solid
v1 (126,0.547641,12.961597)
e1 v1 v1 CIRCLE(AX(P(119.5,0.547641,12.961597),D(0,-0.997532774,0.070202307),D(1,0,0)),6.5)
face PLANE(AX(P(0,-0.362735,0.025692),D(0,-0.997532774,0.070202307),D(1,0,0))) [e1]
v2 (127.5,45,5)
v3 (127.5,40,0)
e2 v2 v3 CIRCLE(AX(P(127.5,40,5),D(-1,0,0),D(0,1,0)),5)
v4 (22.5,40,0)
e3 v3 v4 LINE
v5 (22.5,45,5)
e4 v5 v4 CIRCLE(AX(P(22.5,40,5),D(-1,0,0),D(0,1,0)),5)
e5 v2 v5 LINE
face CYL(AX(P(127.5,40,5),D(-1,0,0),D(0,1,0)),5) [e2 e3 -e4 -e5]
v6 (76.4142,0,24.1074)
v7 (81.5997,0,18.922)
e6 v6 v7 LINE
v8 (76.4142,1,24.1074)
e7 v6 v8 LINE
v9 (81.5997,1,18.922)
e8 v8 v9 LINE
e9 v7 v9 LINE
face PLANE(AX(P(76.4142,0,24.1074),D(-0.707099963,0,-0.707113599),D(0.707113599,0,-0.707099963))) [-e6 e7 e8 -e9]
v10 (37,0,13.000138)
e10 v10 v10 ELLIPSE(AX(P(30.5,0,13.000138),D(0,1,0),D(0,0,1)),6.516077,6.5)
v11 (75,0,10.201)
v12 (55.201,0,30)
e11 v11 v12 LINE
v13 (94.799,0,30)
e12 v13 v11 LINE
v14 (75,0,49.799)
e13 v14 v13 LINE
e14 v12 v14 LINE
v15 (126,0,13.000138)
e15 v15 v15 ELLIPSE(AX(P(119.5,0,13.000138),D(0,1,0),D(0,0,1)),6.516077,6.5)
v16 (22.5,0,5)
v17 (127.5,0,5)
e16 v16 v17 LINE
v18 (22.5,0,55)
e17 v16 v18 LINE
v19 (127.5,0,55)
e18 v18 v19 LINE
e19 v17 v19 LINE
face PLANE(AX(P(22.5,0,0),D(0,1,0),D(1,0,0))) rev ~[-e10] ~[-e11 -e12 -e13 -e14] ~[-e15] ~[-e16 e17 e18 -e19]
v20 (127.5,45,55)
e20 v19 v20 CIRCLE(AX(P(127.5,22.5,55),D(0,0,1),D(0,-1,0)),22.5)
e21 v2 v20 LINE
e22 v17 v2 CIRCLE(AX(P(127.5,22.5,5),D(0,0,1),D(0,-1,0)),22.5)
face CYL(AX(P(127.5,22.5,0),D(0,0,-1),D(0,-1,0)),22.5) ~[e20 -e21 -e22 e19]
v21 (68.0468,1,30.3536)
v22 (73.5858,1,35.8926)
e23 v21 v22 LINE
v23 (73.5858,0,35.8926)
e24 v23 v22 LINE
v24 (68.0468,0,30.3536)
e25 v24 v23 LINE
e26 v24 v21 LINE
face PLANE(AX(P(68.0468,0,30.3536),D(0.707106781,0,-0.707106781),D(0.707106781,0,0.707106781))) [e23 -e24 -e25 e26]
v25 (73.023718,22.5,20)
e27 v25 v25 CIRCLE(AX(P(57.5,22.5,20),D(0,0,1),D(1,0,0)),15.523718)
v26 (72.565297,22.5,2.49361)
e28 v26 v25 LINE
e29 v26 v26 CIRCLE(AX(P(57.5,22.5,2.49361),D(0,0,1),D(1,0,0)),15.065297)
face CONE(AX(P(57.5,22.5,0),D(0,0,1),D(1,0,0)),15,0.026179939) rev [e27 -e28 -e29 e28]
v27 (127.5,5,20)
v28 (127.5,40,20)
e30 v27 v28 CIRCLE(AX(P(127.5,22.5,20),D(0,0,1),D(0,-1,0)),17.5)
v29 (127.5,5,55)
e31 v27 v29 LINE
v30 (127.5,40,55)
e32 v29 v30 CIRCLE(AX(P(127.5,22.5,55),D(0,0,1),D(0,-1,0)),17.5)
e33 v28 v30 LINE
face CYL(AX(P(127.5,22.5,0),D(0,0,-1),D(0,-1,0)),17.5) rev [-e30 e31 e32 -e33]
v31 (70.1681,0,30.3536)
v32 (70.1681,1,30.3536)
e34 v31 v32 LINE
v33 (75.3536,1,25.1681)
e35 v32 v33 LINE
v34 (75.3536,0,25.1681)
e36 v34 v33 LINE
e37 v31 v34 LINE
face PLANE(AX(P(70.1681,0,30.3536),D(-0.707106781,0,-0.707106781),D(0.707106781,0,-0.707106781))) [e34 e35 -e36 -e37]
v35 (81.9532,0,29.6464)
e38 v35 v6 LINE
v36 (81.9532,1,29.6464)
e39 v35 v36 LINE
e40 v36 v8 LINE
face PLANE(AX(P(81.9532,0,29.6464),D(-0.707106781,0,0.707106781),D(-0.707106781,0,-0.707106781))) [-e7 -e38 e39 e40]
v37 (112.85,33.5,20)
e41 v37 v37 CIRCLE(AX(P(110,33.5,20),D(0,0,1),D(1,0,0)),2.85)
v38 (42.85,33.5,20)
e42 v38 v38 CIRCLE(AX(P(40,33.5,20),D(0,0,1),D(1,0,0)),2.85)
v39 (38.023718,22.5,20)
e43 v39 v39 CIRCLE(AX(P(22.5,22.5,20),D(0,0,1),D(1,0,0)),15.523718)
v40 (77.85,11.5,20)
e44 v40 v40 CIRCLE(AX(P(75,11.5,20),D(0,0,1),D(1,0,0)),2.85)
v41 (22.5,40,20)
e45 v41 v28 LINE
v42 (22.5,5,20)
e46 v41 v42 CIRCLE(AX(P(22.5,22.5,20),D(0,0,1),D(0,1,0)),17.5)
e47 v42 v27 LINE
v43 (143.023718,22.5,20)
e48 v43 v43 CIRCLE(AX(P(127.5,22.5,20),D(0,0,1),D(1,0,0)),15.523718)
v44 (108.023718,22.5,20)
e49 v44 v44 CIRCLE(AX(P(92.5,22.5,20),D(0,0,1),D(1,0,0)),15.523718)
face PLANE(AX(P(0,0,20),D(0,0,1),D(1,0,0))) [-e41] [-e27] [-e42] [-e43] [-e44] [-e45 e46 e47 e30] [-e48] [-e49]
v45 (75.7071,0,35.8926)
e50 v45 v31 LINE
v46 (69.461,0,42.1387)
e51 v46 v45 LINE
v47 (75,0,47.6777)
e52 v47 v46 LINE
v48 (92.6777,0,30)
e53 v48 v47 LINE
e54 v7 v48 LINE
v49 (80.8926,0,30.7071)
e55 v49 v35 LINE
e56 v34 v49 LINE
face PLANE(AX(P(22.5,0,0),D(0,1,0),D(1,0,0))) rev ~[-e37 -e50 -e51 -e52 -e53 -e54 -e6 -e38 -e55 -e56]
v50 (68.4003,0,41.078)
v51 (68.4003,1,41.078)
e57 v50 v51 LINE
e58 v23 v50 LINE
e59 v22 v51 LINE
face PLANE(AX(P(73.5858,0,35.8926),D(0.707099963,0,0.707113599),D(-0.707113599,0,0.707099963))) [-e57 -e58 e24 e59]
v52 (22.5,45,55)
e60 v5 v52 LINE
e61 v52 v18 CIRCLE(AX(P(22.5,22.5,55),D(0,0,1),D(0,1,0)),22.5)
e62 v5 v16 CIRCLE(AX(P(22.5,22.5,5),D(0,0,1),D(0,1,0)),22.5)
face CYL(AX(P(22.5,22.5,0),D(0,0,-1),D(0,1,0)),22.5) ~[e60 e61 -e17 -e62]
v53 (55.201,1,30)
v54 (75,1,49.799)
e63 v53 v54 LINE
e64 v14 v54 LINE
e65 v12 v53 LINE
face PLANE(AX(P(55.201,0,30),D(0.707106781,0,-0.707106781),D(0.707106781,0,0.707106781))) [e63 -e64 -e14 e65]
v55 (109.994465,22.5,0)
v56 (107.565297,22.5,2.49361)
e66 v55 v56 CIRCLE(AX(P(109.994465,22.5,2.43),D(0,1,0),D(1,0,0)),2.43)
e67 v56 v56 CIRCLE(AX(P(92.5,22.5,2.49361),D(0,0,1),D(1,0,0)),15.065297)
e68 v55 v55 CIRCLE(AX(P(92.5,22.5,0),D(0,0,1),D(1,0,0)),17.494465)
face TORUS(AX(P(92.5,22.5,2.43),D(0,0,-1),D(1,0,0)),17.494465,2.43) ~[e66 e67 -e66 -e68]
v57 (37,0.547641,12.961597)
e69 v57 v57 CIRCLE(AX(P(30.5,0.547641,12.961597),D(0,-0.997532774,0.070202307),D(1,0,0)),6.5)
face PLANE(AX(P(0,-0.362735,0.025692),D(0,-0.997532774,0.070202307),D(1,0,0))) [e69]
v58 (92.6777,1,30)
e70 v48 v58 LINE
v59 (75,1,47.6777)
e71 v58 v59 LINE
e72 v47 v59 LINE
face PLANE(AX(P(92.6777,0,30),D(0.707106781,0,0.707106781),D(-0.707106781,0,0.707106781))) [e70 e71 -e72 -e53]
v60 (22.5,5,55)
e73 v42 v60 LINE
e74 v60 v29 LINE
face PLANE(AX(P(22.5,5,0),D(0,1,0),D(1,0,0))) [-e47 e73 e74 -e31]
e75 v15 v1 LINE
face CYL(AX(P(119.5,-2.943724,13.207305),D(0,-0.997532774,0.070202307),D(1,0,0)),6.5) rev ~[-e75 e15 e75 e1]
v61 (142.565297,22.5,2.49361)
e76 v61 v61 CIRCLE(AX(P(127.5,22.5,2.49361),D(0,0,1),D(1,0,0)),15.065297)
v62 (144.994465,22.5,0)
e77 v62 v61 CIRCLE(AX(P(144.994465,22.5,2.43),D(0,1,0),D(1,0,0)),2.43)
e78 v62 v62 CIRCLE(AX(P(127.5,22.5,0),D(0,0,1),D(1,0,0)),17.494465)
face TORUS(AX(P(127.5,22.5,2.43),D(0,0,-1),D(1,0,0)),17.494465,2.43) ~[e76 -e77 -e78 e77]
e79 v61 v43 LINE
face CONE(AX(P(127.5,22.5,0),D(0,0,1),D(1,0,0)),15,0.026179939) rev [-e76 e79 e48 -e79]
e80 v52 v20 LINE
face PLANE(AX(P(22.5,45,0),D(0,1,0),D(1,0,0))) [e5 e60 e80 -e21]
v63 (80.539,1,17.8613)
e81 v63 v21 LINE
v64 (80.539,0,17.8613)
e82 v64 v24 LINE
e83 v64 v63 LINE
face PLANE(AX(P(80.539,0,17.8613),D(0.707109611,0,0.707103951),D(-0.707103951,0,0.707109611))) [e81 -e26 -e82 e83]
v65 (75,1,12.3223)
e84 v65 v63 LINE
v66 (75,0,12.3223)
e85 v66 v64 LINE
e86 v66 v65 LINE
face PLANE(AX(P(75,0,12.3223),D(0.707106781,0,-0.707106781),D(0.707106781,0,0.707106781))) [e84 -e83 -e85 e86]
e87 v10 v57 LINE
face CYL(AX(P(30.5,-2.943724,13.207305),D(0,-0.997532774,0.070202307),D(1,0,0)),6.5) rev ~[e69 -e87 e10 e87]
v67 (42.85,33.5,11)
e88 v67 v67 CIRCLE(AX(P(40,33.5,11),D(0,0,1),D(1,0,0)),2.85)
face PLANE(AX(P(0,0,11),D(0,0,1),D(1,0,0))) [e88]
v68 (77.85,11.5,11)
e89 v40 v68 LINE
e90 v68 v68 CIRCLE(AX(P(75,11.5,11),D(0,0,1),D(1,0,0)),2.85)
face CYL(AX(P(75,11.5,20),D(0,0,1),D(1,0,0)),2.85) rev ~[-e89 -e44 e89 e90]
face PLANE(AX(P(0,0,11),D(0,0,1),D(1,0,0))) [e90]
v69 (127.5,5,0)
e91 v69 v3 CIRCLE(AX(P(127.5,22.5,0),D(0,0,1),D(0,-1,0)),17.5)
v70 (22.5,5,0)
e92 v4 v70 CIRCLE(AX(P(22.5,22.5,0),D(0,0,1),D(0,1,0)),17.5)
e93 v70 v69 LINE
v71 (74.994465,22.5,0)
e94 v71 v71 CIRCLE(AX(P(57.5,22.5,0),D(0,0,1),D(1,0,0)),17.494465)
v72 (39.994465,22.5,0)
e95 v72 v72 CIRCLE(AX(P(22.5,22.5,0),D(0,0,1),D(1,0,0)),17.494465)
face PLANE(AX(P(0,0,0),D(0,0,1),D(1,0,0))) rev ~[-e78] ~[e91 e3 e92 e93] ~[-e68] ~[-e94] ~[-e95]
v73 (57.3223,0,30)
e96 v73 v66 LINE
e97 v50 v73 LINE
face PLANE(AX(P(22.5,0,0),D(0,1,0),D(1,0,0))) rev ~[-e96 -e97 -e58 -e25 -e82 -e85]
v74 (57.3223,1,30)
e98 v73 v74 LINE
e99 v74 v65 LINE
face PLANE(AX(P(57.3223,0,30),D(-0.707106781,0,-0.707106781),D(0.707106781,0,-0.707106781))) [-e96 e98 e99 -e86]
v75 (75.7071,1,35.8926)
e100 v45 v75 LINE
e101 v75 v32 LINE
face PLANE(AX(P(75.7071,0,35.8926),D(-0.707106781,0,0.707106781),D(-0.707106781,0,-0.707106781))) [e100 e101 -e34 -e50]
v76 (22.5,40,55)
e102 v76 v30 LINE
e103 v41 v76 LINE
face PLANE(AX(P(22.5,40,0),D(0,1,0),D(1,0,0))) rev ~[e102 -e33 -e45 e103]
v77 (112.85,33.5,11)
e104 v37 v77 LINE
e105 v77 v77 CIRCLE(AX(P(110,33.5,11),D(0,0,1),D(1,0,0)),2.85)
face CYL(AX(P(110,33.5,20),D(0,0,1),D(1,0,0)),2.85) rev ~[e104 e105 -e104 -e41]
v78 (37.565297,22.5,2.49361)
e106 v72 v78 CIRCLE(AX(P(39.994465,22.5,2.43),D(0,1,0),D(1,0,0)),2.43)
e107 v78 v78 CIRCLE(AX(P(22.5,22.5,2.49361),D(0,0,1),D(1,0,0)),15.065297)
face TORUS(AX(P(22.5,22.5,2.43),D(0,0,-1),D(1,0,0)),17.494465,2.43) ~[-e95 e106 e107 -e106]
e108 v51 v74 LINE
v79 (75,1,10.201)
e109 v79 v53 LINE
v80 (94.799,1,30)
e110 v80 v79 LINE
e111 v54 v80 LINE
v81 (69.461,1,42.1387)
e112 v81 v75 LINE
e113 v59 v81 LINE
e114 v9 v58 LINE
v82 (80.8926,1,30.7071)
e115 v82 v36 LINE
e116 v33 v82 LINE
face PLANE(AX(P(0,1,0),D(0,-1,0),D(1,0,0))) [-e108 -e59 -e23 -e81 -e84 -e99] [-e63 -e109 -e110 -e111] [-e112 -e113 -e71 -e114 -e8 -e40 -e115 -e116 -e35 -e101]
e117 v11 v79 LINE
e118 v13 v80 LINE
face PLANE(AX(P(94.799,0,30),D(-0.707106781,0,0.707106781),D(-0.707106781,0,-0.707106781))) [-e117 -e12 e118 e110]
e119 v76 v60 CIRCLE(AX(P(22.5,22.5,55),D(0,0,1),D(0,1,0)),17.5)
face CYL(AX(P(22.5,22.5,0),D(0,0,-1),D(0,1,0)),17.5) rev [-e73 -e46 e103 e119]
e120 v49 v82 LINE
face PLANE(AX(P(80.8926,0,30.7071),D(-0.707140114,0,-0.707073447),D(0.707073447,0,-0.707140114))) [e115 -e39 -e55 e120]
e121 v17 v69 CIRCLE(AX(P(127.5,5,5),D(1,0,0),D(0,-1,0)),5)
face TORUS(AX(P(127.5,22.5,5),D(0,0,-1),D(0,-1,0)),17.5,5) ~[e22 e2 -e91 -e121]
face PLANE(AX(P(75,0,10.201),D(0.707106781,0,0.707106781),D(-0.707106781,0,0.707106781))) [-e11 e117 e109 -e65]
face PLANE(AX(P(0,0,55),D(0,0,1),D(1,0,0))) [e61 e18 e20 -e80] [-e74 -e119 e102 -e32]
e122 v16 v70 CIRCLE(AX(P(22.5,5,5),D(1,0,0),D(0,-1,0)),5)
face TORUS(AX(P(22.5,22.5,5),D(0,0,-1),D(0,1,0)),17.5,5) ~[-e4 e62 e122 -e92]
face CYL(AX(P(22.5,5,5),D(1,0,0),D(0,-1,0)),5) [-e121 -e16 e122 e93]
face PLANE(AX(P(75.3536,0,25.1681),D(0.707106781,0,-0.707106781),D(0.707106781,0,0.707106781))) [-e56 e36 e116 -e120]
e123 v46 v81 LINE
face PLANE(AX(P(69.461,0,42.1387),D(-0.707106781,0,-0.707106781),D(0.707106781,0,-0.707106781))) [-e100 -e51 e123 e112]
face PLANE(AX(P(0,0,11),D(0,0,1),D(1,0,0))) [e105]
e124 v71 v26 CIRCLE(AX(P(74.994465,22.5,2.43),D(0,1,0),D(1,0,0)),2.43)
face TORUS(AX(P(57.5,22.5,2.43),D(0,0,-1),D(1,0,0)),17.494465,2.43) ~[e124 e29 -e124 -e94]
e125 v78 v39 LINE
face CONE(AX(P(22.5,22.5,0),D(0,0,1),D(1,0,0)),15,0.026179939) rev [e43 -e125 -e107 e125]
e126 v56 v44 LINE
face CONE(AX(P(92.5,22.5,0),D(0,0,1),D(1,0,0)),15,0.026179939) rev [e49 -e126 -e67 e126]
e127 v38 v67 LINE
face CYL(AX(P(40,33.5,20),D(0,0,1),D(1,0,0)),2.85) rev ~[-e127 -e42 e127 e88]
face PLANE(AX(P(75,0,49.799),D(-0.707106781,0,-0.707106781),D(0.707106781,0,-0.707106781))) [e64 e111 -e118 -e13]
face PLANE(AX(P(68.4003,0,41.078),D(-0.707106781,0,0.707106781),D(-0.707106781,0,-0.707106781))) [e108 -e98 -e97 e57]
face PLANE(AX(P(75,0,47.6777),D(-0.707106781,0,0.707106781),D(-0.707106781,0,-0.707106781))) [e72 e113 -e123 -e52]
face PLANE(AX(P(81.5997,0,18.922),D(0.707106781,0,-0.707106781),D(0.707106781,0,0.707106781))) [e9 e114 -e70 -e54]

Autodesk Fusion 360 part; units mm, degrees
sketch "Geometry" plane through (0, 0, 0) normal (0, 0, 1) x (1, 0, 0)
  arc A0 (22.5, 45) -> (22.5, 0) centre (22.5, 22.5) ccw
  arc A1 (127.5, 0) -> (127.5, 45) centre (127.5, 22.5) ccw
  line L0 (22.5, 45) -> (127.5, 45)
  line L1 (22.5, 0) -> (127.5, 0)
  arc A2 (127.5, 5) -> (127.5, 40) centre (127.5, 22.5) ccw
  line L2 (22.5, 40) -> (127.5, 40)
  arc A3 (22.5, 40) -> (22.5, 5) centre (22.5, 22.5) ccw
  line L3 (22.5, 5) -> (127.5, 5)
  circle A4 centre (22.5, 22.5) radius 15
  circle A5 centre (127.5, 22.5) radius 15
  circle A6 centre (57.5, 22.5) radius 15
  circle A7 centre (92.5, 22.5) radius 15
  circle A8 centre (75, 11.5) radius 2.85
  circle A9 centre (40, 33.5) radius 2.85
  circle A10 centre (110, 33.5) radius 2.85
  point P0 (0, 22.5)
  dimension "d19" = 105
  dimension "d21" = 30
  dimension "d22" = 30
  dimension "d23" = 30
  dimension "d24" = 35
  dimension "d25" = 30
  dimension "d26" = 35
  dimension "d27" = 11
  dimension "d28" = 11
  dimension "d29" = 5.7
  dimension "d30" = 5.7
  dimension "d31" = 5.7
  dimension "d32" = 11
  dimension "d33" = 17.5
  dimension "d34" = 17.5
  dimension "d35" = 17.5
  dimension "d44" = 35
  dimension "d45" = 5
extrude "Paroi Boite" add sketch "Geometry" along normal blind 55 contours A0 A1 L0 L1
extrude "Percage Nixies" add sketch "Geometry" along normal blind 20 contours A2 L2 A3 L3 | A4 | A5 | A6 | A7 | A8 | A9 | A10
extrude "Inserts" cut sketch "Geometry" against normal blind 9 from surface at 20 contours A8 | A9 | A10
extrude "Extrude7" cut sketch "Geometry" along normal up to surface (20 mm away) draft 1.5 contours A4 | A5 | A6 | A7
ref_plane "WorkPlane1" through (0, 22.5, 0) normal (0, 1, 0) x (0, 0, 1)
ref_plane "WorkPlane2" through (40, 0, 0) normal (1, 0, 0) x (0, 1, 0)
fillet "Fillet1" radius 5 4 edges at (150, 22.5, 0) (75, 45, 0) (0, 22.5, 0) (75, 0, 0)
fillet "Fillet1" radius 2.43 4 edges at (8.5151, 17.0758, 0) (43.5151, 17.0758, 0) (78.5151, 17.0758, 0) (113.5151, 17.0758, 0)
sketch "Bottom" plane through (0, 0, 0) normal (0, -1, 0) x (1, 0, 0)
  line L0 (127.5, 5) -> (127.5, 55)
  line L1 (127.5, 55) -> (22.5, 55)
  line L2 (22.5, 55) -> (22.5, 5)
  circle A0 centre (119.5, 13) radius 6.5
  circle A1 centre (30.5, 13) radius 6.5
  line L3 (75, 5) -> (100, 30)
  line L4 (100, 30) -> (75, 55)
  line L5 (75, 5) -> (50, 30)
  line L6 (50, 30) -> (75, 55)
  line L7 (92.6777, 30) -> (75, 47.6777)
  line L8 (75, 47.6777) -> (69.461, 42.1387)
  line L9 (69.461, 42.1387) -> (75.7071, 35.8926)
  line L10 (75.7071, 35.8926) -> (70.1681, 30.3536)
  line L11 (70.1681, 30.3536) -> (75.3536, 25.1681)
  line L12 (75.3536, 25.1681) -> (80.8926, 30.7071)
  line L13 (80.8926, 30.7071) -> (81.9532, 29.6464)
  line L14 (81.9532, 29.6464) -> (76.4142, 24.1074)
  line L15 (76.4142, 24.1074) -> (81.5997, 18.922)
  line L16 (81.5997, 18.922) -> (92.6777, 30)
  line L17 (80.539, 17.8613) -> (68.0468, 30.3536)
  line L18 (68.0468, 30.3536) -> (73.5858, 35.8926)
  line L19 (73.5858, 35.8926) -> (68.4003, 41.078)
  line L20 (68.4003, 41.078) -> (57.3223, 30)
  line L21 (57.3223, 30) -> (75, 12.3223)
  line L22 (75, 12.3223) -> (80.539, 17.8613)
  line L23 (55.201, 30) -> (75, 49.799)
  line L24 (75, 49.799) -> (94.799, 30)
  line L25 (94.799, 30) -> (75, 10.201)
  line L26 (75, 10.201) -> (55.201, 30)
  line L27 (22.5, 5) -> (127.5, 5)
  dimension "d51" = 13
  dimension "d52" = 8
  dimension "d61" = 8
  dimension "d78" = 1.5
  dimension "d79" = 1.5
  dimension "d80" = 1.5
  dimension "d81" = 1.5
  dimension "d82" = 25
  dimension "d84" = 7.8333
  dimension "d85" = 7.3333
  dimension "d86" = 7.3333
  dimension "d87" = 7.8333
  dimension "d88" = 25
  dimension "d89" = 1.5
  dimension "d90" = 1.5
  dimension "d91" = 1.5
  dimension "d92" = 1.5
  dimension "d93" = 13
extrude "Extrude5" cut sketch "Bottom" against normal blind 1 contours L23 L24 L25 L26
ref_plane "WorkPlane3" through (101.25, -2.5, 30) normal (0, -1, 0) x (1, 0, 0)
sketch "Sketch5" plane through (0, -2.5, 0) normal (0, -1, 0) x (-1, 0, 0)
  circle A0 centre (-30.5, -13) radius 6.5
  circle A1 centre (-119.5, -13) radius 6.5
  line L0 (-30.5, -19.5) -> (-119.5, -19.5)
ref_plane "WorkPlane4" through (30.5, -2.5, 19.5) normal (0, -0.9975, 0.0702) x (1, 0, 0)
sketch "Sketch6" plane through (0, -3.8541, 0.2714) normal (0, -0.9975, 0.0702) x (1, 0, 0)
  circle A0 centre (30.5, 12.9679) radius 6.5
  circle A1 centre (119.5, 12.9679) radius 6.5
  point P0 (30.5, 12.9679)
  point P1 (119.5, 12.9679)
  dimension "d95" = 13
  dimension "d96" = 13
extrude "Extrude6" cut sketch "Sketch6" against normal blind 3.5
equation "d79 = d78"
equation "d80 = d78"
equation "d81 = d78"
equation "d84 = ( d82 - d81 ) / 3"
equation "d85 = d84 - d78 / 3"
equation "d86 = d84 - d78 / 3"
equation "d87 = d84"
equation "d88 = d82"
equation "d89 = d78"
equation "d90 = d78"
equation "d91 = d78"
equation "d92 = d78"
